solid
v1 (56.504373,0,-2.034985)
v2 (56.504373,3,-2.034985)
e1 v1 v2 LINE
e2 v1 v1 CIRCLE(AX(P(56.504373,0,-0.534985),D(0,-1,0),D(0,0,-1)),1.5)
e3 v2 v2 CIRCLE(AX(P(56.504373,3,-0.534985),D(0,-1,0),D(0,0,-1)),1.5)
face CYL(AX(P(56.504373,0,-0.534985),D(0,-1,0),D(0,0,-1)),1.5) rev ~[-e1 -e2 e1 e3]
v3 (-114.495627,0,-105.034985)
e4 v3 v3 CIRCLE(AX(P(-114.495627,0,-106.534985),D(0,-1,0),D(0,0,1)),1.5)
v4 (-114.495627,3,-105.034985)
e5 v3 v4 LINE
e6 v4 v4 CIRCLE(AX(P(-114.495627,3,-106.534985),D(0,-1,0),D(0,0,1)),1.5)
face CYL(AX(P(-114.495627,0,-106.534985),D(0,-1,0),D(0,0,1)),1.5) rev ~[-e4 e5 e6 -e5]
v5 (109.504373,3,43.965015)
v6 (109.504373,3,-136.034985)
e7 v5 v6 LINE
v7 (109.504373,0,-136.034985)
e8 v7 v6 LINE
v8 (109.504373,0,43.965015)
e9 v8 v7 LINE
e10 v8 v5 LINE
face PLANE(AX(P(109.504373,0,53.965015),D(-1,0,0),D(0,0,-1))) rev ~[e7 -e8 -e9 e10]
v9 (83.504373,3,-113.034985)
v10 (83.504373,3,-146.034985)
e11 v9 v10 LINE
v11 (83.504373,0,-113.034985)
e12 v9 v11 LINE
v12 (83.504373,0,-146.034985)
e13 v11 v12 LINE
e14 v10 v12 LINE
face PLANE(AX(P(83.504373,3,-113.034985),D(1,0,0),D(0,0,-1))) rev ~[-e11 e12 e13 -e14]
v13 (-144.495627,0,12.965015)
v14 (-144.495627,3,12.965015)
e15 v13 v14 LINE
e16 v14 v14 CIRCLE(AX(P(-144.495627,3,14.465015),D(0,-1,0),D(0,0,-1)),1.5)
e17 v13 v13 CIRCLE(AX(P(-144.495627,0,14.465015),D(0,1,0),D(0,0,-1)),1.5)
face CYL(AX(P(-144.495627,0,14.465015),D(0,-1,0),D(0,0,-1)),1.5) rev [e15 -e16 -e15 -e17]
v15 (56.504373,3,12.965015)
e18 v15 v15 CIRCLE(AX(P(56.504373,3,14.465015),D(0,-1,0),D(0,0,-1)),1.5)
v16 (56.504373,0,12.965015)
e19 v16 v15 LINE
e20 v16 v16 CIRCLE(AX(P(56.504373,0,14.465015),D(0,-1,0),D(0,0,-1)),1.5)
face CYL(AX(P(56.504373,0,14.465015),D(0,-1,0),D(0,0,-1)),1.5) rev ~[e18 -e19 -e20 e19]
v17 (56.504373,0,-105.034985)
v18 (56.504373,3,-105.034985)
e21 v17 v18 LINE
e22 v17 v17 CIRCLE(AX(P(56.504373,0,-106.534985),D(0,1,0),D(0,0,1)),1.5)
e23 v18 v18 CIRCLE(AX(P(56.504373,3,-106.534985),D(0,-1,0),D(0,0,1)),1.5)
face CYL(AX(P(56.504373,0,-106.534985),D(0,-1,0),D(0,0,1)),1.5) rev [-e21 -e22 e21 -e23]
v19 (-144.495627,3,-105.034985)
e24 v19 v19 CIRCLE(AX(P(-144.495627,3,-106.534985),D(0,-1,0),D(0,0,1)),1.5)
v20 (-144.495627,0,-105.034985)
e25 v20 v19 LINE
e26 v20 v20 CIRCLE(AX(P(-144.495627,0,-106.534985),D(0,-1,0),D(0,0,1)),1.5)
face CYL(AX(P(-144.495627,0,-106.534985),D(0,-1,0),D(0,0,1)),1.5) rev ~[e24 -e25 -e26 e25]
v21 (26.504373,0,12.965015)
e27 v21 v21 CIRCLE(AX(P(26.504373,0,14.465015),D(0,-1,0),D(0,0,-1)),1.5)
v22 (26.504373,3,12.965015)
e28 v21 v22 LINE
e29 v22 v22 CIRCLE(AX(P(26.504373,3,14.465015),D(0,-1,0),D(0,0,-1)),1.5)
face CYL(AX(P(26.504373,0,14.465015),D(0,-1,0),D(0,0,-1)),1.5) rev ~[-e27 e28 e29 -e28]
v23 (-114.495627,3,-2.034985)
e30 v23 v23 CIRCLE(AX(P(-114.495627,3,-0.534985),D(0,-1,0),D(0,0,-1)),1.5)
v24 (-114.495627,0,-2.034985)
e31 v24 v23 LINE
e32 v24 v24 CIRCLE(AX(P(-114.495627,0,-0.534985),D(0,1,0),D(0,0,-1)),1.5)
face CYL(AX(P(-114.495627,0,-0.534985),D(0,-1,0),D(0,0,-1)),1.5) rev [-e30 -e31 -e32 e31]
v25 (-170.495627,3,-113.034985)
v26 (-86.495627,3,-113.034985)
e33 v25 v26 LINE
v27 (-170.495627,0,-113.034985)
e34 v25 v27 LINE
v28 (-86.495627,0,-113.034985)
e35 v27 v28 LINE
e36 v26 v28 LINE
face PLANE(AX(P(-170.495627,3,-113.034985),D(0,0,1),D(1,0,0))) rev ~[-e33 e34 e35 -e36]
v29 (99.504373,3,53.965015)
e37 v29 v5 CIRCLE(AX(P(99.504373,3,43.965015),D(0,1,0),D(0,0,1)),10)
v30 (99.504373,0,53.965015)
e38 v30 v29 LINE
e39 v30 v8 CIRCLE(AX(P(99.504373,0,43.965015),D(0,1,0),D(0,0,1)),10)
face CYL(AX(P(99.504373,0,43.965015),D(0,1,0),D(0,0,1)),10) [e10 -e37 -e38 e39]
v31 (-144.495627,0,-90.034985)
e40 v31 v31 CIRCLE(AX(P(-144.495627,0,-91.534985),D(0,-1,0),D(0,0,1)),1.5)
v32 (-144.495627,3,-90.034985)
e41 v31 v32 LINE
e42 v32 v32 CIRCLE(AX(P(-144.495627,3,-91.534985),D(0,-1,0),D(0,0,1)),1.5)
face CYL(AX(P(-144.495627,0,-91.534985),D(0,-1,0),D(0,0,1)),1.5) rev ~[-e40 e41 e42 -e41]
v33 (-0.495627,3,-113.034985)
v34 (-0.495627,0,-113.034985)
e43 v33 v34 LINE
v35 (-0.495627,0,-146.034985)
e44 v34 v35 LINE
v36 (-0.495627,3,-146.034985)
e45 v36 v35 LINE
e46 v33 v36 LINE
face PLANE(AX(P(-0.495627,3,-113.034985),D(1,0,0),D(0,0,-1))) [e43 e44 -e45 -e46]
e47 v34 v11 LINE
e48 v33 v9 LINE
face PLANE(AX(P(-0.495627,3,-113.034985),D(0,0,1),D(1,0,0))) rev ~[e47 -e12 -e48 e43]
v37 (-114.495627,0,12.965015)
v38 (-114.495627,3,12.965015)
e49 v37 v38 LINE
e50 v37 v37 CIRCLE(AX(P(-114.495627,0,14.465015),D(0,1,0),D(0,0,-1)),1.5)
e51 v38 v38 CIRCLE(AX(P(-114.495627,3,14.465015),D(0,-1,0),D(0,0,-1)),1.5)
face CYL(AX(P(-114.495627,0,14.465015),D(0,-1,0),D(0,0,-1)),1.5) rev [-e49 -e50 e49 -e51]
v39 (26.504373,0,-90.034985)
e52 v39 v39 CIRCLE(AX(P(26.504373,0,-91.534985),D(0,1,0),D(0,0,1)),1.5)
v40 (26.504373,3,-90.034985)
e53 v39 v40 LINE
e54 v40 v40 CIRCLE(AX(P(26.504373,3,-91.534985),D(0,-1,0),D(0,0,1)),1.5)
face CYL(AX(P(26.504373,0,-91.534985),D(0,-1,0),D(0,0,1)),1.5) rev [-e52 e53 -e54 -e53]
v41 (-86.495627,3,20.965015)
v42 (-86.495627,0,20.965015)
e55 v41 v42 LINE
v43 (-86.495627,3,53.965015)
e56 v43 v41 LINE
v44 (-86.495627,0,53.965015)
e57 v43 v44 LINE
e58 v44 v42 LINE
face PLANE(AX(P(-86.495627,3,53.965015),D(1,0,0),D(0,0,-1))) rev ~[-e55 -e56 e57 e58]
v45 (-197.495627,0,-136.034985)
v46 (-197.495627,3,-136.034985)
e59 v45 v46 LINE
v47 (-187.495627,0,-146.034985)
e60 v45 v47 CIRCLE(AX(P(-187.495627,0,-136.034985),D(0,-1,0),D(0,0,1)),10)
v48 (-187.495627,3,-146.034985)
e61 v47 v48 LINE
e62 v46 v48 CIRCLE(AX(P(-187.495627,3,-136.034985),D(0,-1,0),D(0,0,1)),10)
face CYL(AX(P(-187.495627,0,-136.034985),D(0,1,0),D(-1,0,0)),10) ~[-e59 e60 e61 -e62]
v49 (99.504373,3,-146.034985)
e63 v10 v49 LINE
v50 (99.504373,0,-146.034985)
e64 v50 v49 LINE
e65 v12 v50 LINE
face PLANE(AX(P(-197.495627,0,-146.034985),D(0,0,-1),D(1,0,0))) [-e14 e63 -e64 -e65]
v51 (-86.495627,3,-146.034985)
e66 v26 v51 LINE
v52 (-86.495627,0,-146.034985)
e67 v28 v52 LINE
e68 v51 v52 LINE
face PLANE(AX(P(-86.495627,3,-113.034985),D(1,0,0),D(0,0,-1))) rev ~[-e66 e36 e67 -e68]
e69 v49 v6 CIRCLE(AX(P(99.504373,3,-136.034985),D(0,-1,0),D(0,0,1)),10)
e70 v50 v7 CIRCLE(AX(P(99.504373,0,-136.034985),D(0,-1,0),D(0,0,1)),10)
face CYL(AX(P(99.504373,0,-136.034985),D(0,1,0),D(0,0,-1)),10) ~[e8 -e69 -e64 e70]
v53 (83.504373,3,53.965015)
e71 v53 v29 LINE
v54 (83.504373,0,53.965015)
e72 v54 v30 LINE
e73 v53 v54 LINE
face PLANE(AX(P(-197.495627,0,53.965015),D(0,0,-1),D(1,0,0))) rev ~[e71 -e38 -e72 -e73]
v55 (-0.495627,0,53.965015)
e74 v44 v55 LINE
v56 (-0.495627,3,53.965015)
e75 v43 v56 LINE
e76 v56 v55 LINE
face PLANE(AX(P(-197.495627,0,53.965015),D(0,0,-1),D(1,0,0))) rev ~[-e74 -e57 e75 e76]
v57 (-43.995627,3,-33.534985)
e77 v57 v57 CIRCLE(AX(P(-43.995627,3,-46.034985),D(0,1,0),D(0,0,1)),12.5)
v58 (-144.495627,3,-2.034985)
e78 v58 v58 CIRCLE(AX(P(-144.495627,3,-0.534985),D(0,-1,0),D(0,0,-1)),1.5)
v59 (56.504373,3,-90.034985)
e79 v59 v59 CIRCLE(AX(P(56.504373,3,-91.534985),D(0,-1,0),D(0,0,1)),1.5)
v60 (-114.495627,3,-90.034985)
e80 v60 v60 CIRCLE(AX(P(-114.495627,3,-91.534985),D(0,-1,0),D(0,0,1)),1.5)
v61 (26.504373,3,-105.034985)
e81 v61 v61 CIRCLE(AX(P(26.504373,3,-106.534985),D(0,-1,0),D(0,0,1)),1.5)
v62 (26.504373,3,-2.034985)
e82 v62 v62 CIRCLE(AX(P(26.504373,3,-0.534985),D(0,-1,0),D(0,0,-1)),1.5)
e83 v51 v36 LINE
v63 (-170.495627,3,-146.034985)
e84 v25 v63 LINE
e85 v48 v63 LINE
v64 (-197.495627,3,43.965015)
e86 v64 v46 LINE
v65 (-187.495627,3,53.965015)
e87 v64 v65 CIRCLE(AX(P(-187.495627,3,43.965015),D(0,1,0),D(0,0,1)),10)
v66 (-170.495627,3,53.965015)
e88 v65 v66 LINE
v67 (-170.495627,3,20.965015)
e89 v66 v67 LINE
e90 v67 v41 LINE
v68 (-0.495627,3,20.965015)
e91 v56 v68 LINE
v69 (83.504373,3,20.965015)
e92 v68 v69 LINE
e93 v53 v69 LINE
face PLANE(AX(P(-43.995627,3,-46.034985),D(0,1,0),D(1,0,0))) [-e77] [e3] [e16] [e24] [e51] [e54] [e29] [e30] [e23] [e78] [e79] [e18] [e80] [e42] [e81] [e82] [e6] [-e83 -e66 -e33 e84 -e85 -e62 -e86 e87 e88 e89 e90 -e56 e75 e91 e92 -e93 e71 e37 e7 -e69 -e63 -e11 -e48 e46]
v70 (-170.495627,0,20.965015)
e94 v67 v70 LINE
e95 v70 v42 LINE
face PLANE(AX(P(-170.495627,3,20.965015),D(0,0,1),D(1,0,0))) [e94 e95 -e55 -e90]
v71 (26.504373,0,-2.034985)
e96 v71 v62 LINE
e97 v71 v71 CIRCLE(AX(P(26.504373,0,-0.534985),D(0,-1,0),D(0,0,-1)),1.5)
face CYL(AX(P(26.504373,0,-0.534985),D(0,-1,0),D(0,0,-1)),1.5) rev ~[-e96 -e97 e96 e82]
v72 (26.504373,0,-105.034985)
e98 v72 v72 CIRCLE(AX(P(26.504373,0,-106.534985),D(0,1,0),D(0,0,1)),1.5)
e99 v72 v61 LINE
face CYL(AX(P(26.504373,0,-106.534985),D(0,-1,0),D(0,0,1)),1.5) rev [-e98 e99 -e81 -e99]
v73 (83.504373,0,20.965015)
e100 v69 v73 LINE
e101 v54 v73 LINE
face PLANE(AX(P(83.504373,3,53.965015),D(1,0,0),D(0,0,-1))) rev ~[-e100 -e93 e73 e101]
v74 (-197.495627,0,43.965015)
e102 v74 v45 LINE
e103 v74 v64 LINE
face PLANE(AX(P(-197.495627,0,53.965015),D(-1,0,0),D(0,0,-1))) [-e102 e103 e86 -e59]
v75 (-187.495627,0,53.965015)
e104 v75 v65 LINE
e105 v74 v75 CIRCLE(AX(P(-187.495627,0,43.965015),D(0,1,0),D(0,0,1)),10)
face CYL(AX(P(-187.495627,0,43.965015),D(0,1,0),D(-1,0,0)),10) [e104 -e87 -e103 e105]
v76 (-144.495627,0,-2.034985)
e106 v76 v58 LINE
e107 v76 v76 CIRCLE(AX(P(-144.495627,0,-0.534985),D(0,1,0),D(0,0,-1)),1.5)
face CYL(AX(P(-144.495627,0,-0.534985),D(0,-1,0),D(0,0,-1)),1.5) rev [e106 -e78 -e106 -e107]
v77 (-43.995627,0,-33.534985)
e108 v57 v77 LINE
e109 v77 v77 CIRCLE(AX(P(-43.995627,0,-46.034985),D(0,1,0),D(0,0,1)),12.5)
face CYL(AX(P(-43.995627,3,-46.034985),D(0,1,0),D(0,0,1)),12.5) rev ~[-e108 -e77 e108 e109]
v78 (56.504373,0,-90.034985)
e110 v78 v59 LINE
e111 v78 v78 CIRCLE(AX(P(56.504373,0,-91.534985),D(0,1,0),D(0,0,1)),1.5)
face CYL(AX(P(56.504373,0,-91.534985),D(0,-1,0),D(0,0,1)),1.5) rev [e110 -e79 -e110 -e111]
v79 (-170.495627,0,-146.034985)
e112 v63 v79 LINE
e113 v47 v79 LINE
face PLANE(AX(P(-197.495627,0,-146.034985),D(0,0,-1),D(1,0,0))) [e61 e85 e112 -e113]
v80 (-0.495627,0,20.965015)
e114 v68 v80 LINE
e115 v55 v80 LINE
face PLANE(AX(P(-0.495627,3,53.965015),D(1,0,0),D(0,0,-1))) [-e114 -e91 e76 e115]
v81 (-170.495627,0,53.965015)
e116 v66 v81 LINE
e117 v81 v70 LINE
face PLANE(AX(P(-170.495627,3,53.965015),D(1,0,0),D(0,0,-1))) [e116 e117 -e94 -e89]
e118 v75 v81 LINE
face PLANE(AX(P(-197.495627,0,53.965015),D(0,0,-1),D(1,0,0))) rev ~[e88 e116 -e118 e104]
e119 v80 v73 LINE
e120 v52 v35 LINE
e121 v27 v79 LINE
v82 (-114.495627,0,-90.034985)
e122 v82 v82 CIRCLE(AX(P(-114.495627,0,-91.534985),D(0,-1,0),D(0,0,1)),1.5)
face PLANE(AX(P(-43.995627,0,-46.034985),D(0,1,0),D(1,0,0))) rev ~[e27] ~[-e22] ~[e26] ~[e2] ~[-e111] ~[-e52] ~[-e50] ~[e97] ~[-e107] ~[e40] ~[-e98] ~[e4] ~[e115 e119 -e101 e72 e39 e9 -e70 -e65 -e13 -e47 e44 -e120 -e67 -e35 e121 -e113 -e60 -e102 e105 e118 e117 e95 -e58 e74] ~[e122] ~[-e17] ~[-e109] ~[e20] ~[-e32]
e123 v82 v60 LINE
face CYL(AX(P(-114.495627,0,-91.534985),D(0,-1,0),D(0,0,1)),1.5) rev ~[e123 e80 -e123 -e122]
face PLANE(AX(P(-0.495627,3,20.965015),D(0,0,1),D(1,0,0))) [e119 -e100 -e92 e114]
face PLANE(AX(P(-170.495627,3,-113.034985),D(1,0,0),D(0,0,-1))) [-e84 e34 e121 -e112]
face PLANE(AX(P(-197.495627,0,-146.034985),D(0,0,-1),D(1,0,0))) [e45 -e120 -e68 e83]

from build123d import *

# Parameters (mm, degrees)
SKETCH_1_W                                 = 307
SKETCH_1_H                                 = 200
EXTRUDE_1_DEPTH                            = 3
SKETCH_2_W                                 = 84
SKETCH_2_H                                 = 33
CUT_EXTRUDE_1_DEPTH                        = 3
PATTERN_LINEAR_1_COUNT                     = 2
PATTERN_LINEAR_1_PITCH                     = 170
PATTERN_LINEAR_1_COUNT_DIR2                = 2
PATTERN_LINEAR_1_PITCH_DIR2                = 167
SKETCH_6_R                                 = 12.5
CUT_EXTRUDE_2_DEPTH                        = 3
FILLET_1_R                                 = 10
SKETCH_11_R                                = 1.5
CUT_EXTRUDE_3_DEPTH                        = 10
SKETCH_11_3_R                              = 1.5
CUT_EXTRUDE_4_DEPTH                        = 10
MIRROR_2_AT_THE_SECOND_PLANE_COPY_1_SKET_R = 1.5
MIRROR_2_AT_THE_SECOND_PLANE_COPY_1_DEPTH  = 10
MIRROR_2_AT_THE_SECOND_PLANE_COPY_2_SKET_R = 1.5
MIRROR_2_AT_THE_SECOND_PLANE_COPY_2_DEPTH  = 10


with BuildPart() as part:
    # 草图1 → 凸台-拉伸1 (new body)
    with BuildSketch(Plane(origin=(0, 0, 0), x_dir=(1, 0, 0), z_dir=(0, 1, 0))):
        with Locations((-43.995626822, 46.034985423)):
            Rectangle(SKETCH_1_W, SKETCH_1_H)
    extrude(amount=EXTRUDE_1_DEPTH)

    # 草图2 → 切除-拉伸1 (cut)
    with BuildSketch(Plane(origin=(0, 3, 0), x_dir=(1, 0, 0), z_dir=(0, 1, 0))):
        with Locations((-128.495626822, 129.534985423)):
            Rectangle(SKETCH_2_W, SKETCH_2_H)
    cut_extrude_1 = extrude(amount=-CUT_EXTRUDE_1_DEPTH, mode=Mode.SUBTRACT)

    # 阵列(线性)1: Cut-Extrude 1 2 × 2
    with Locations(*[(i * PATTERN_LINEAR_1_PITCH, 0, j * PATTERN_LINEAR_1_PITCH_DIR2) for i in range(PATTERN_LINEAR_1_COUNT) for j in range(PATTERN_LINEAR_1_COUNT_DIR2) if (i, j) != (0, 0)]):
        add(cut_extrude_1, mode=Mode.SUBTRACT)

    # 草图6 → 切除-拉伸2 (cut)
    with BuildSketch(Plane(origin=(0, 3, 0), x_dir=(1, 0, 0), z_dir=(0, 1, 0))):
        with Locations((-43.995626822, 46.034985423)):
            Circle(SKETCH_6_R)
    extrude(amount=-CUT_EXTRUDE_2_DEPTH, mode=Mode.SUBTRACT)

    # 圆角1
    fillet_1_edges = [part.edges().sort_by_distance(p)[0] for p in [
        (-197.495626822, 1.5, -146.034985423),
        (-197.495626822, 1.5, 53.965014577),
        (109.504373178, 1.5, 53.965014577),
        (109.504373178, 1.5, -146.034985423),
    ]]
    fillet(fillet_1_edges, radius=FILLET_1_R)

    # 草图11 → 切除-拉伸3 (cut)
    with BuildSketch(Plane.XZ):
        with Locations((26.504373178, 14.465014577)):
            Circle(SKETCH_11_R)
        with Locations((56.504373178, 14.465014577)):
            Circle(SKETCH_11_R)
    cut_extrude_3 = extrude(amount=-CUT_EXTRUDE_3_DEPTH, mode=Mode.SUBTRACT)

    # 草图11<3> → 切除-拉伸4 (cut)
    with BuildSketch(Plane.XZ):
        with Locations((26.504373178, 14.465014577)):
            Circle(SKETCH_11_3_R)
        with Locations((56.504373178, 14.465014577)):
            Circle(SKETCH_11_3_R)
        with Locations((56.504373178, -0.534985423)):
            Circle(SKETCH_11_3_R)
        with Locations((26.504373178, -0.534985423)):
            Circle(SKETCH_11_3_R)
    cut_extrude_4 = extrude(amount=-CUT_EXTRUDE_4_DEPTH, mode=Mode.SUBTRACT)

    # 镜向2: 切除-拉伸3, 切除-拉伸4 across plane
    add(cut_extrude_3.mirror(Plane(origin=(-43.995626822, 0, 0), x_dir=(0, 0, 1), z_dir=(1, 0, 0))), mode=Mode.SUBTRACT)
    add(cut_extrude_4.mirror(Plane(origin=(-43.995626822, 0, 0), x_dir=(0, 0, 1), z_dir=(1, 0, 0))), mode=Mode.SUBTRACT)

    # 镜向2 at the second plane: 切除-拉伸3, 切除-拉伸4 across plane
    add(cut_extrude_3.mirror(Plane(origin=(0, 0, -46.034985423), x_dir=(1, 0, 0), z_dir=(0, 0, -1))), mode=Mode.SUBTRACT)
    add(cut_extrude_4.mirror(Plane(origin=(0, 0, -46.034985423), x_dir=(1, 0, 0), z_dir=(0, 0, -1))), mode=Mode.SUBTRACT)

    # 镜向2 at the second plane copy 1 sket → 镜向2 at the second plane copy 1 (cut)
    with BuildSketch(Plane(origin=(-87.991253644, 0, -92.069970845), x_dir=(-1, 0, 0), z_dir=(0, -1, 0))):
        with Locations((26.504373178, 14.465014577)):
            Circle(MIRROR_2_AT_THE_SECOND_PLANE_COPY_1_SKET_R)
        with Locations((56.504373178, 14.465014577)):
            Circle(MIRROR_2_AT_THE_SECOND_PLANE_COPY_1_SKET_R)
    extrude(amount=-MIRROR_2_AT_THE_SECOND_PLANE_COPY_1_DEPTH, mode=Mode.SUBTRACT)

    # 镜向2 at the second plane copy 2 sket → 镜向2 at the second plane copy 2 (cut)
    with BuildSketch(Plane(origin=(-87.991253644, 0, -92.069970845), x_dir=(-1, 0, 0), z_dir=(0, -1, 0))):
        with Locations((26.504373178, 14.465014577)):
            Circle(MIRROR_2_AT_THE_SECOND_PLANE_COPY_2_SKET_R)
        with Locations((56.504373178, 14.465014577)):
            Circle(MIRROR_2_AT_THE_SECOND_PLANE_COPY_2_SKET_R)
        with Locations((56.504373178, -0.534985423)):
            Circle(MIRROR_2_AT_THE_SECOND_PLANE_COPY_2_SKET_R)
        with Locations((26.504373178, -0.534985423)):
            Circle(MIRROR_2_AT_THE_SECOND_PLANE_COPY_2_SKET_R)
    extrude(amount=-MIRROR_2_AT_THE_SECOND_PLANE_COPY_2_DEPTH, mode=Mode.SUBTRACT)


solid = part.part
